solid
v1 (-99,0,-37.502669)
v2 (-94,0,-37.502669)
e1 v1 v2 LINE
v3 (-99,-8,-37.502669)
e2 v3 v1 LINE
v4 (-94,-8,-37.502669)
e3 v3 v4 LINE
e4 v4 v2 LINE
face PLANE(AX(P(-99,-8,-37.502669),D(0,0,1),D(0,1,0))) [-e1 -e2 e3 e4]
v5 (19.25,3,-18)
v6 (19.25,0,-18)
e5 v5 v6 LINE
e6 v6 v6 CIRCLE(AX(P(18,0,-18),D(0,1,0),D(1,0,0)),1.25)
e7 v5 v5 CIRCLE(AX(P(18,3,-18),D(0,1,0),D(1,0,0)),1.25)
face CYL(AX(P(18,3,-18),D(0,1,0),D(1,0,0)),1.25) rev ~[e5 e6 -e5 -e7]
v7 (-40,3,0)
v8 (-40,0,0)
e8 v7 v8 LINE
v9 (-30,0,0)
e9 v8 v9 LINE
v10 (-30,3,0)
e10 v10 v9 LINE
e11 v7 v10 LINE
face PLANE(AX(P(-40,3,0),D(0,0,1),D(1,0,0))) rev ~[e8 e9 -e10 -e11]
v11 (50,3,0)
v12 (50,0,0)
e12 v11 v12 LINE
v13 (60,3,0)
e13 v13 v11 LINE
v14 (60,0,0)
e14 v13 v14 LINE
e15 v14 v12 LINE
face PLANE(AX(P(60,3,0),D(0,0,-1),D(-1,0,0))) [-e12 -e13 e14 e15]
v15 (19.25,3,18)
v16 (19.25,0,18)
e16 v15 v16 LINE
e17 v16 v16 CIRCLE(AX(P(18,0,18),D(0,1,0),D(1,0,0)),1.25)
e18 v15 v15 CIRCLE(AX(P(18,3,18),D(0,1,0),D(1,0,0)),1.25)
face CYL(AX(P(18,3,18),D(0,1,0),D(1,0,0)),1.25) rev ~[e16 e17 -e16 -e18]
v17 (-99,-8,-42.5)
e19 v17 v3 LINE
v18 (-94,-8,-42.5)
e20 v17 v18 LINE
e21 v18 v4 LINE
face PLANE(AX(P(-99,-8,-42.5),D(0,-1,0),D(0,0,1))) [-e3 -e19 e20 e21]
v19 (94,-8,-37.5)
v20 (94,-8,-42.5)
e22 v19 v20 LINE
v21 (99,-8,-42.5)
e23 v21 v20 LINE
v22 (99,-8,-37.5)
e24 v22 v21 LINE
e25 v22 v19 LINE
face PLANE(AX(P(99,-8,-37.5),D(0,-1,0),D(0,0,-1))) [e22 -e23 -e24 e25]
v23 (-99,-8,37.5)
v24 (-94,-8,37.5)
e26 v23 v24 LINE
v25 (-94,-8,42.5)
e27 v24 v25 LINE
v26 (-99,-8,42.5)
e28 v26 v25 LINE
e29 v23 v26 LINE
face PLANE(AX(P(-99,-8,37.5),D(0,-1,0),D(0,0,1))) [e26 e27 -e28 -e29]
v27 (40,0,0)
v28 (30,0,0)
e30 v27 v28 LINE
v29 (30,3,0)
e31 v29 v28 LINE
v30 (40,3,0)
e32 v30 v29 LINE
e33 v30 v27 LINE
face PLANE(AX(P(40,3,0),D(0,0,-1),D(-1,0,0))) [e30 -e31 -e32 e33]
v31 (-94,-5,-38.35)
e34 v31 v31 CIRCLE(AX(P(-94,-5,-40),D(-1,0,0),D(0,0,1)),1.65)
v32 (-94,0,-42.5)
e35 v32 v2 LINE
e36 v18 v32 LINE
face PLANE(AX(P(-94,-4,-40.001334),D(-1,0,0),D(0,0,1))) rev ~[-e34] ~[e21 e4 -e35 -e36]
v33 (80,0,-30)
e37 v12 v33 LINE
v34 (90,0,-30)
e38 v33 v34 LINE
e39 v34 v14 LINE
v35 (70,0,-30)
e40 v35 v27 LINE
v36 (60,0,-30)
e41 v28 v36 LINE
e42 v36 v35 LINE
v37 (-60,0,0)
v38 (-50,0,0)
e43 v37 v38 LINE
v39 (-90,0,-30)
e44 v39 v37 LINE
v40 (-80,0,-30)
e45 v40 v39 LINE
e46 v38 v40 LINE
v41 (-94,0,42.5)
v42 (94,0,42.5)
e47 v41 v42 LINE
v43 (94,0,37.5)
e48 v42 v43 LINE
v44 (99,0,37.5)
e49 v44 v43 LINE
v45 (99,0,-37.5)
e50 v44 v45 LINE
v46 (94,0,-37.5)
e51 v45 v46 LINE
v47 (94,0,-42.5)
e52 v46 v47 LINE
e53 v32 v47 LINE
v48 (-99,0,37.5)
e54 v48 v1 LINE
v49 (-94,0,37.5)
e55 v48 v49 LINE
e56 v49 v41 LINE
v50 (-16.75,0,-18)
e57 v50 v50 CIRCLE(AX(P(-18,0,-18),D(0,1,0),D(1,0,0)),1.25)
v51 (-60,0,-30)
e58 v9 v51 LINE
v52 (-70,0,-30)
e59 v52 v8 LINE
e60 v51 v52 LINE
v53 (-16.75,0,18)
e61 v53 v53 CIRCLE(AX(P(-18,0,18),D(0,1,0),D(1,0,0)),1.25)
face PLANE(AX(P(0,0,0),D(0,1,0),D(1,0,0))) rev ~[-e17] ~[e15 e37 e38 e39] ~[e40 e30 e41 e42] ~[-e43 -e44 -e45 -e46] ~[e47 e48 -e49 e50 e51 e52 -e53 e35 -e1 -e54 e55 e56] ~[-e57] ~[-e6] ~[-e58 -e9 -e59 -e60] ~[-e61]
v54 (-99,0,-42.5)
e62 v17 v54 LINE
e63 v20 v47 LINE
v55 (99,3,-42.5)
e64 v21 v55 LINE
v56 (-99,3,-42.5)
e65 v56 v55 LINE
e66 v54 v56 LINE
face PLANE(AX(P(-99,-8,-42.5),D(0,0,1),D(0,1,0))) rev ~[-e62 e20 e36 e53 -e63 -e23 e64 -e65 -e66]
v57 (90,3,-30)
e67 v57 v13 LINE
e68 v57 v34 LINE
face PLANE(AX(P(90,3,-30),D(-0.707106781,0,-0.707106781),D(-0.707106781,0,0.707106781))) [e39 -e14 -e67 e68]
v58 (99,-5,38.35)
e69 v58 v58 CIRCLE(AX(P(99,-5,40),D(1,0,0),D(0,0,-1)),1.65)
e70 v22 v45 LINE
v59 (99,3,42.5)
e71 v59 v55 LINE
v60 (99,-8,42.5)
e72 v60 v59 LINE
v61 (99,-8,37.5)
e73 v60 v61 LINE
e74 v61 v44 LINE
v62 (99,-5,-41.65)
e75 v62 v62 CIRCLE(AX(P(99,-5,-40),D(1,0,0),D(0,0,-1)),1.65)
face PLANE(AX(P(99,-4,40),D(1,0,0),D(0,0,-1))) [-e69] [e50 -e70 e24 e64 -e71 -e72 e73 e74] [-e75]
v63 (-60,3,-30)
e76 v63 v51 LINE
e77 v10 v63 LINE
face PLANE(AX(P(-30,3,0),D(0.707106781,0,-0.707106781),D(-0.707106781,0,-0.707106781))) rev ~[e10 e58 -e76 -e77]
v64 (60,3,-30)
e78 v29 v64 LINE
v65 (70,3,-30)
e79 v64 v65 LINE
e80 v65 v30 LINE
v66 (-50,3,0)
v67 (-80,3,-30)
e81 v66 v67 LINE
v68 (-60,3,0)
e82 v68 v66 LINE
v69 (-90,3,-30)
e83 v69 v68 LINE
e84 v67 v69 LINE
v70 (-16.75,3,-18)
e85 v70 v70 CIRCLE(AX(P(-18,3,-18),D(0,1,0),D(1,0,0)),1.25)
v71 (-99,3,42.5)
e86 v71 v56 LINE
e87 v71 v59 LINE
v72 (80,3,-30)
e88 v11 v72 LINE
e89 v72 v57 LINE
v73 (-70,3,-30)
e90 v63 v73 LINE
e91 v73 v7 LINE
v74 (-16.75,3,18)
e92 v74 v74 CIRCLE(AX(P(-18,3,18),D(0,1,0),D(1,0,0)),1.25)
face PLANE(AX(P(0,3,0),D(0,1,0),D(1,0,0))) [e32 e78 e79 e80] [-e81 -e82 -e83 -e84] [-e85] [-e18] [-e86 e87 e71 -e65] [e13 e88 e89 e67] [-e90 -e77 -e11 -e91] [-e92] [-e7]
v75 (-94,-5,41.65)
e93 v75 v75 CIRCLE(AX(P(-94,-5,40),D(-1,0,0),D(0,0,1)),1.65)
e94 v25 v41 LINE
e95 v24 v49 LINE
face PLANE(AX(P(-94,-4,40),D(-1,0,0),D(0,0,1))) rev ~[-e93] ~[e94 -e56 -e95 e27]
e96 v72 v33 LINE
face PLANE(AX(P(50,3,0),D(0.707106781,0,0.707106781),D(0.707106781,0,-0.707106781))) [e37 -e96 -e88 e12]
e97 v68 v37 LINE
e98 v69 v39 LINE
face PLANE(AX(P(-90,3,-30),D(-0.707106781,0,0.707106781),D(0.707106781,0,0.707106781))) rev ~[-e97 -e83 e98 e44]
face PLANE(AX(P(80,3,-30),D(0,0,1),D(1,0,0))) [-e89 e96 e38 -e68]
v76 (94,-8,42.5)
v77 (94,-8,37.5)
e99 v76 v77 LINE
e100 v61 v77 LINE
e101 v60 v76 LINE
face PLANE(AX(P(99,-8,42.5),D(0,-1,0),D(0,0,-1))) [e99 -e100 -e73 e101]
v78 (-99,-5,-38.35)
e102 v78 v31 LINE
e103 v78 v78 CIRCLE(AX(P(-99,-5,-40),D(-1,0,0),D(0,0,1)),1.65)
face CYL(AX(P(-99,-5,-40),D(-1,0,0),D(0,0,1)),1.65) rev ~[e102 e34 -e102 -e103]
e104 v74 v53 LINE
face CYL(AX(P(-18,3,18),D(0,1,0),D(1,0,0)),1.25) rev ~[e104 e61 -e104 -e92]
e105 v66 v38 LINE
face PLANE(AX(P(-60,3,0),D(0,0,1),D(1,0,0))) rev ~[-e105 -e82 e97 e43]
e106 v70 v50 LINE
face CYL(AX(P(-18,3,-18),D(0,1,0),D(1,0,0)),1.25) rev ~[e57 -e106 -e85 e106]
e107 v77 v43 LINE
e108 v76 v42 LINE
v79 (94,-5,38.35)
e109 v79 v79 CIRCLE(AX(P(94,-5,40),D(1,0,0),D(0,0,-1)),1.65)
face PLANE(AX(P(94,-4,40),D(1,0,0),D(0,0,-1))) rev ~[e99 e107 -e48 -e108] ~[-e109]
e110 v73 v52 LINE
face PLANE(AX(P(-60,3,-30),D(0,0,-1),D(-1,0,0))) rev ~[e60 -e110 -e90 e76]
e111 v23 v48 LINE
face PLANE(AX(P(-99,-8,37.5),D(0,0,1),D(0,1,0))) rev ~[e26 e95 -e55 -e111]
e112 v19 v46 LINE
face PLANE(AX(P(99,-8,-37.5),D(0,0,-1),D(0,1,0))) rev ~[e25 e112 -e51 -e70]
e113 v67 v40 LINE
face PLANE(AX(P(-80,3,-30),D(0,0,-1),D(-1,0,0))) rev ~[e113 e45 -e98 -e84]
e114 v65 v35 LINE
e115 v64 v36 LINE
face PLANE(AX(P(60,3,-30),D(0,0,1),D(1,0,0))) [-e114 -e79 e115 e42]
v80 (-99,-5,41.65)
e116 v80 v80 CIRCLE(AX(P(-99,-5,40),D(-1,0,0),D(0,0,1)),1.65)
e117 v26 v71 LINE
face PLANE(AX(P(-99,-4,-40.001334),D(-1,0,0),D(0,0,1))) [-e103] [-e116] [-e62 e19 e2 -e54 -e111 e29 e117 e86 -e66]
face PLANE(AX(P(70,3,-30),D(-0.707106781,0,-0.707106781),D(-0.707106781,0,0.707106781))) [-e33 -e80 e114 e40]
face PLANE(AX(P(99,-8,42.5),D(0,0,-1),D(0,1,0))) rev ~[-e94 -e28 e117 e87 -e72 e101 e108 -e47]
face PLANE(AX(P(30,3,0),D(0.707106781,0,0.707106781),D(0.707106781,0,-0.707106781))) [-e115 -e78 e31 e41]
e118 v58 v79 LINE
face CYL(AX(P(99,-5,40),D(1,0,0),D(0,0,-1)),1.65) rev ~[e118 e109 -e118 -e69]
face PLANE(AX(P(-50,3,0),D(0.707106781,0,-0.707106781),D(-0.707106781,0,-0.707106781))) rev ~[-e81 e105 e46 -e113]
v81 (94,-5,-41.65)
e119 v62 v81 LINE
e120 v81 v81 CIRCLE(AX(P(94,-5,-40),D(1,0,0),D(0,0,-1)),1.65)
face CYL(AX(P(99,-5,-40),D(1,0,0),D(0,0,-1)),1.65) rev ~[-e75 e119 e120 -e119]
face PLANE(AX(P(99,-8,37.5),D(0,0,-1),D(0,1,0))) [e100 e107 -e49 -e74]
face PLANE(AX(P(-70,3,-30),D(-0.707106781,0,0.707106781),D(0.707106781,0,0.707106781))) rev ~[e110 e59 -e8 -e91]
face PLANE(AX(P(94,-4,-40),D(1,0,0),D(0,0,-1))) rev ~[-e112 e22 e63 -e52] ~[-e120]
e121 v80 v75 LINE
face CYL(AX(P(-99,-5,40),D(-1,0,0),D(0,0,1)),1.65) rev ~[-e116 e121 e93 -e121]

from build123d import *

# Parameters (mm, degrees)
SKETCH_1_W          = 198
SKETCH_1_H          = 85
EXTRUDE_1_DEPTH     = 3
SKETCH_3_W          = 4.997331483
SKETCH_3_H          = 8
SKETCH_3_R          = 1.65
SKETCH_3_W_2        = 5
EXTRUDE_2_DEPTH     = 5
SKETCH_4_W          = 5
SKETCH_4_H          = 8
SKETCH_4_R          = 1.65
EXTRUDE_3_DEPTH     = 5
SKETCH_5_R          = 1.25
CUT_EXTRUDE_1_DEPTH = 10
CUT_EXTRUDE_2_DEPTH = 3


with BuildPart() as part:
    # 草图1 → 凸台-拉伸1 (new body)
    with BuildSketch(Plane(origin=(0, 0, 0), x_dir=(1, 0, 0), z_dir=(0, 1, 0))):
        Rectangle(SKETCH_1_W, SKETCH_1_H)
    extrude(amount=EXTRUDE_1_DEPTH)

    # 草图3 → 凸台-拉伸2 (add)
    with BuildSketch(Plane.ZY.offset(99)):
        with Locations((-40.001334259, -4)):
            Rectangle(SKETCH_3_W, SKETCH_3_H)
        with Locations((-40, -5)):
            Circle(SKETCH_3_R, mode=Mode.SUBTRACT)
        with Locations((40, -4)):
            Rectangle(SKETCH_3_W_2, SKETCH_3_H)
        with Locations((40, -5)):
            Circle(SKETCH_3_R, mode=Mode.SUBTRACT)
    extrude(amount=-EXTRUDE_2_DEPTH)

    # 草图4 → 凸台-拉伸3 (add)
    with BuildSketch(Plane(origin=(99, 0, 0), x_dir=(0, 0, -1), z_dir=(1, 0, 0))):
        with Locations((-40, -4)):
            Rectangle(SKETCH_4_W, SKETCH_4_H)
        with Locations((-40, -5)):
            Circle(SKETCH_4_R, mode=Mode.SUBTRACT)
        with Locations((40, -4)):
            Rectangle(SKETCH_4_W, SKETCH_4_H)
        with Locations((40, -5)):
            Circle(SKETCH_4_R, mode=Mode.SUBTRACT)
    extrude(amount=-EXTRUDE_3_DEPTH)

    # 草图5 → 切除-拉伸1 (cut)
    with BuildSketch(Plane(origin=(0, 3, 0), x_dir=(1, 0, 0), z_dir=(0, 1, 0))):
        with Locations((-18, 18)):
            Circle(SKETCH_5_R)
        with Locations((-18, -18)):
            Circle(SKETCH_5_R)
        with Locations((18, -18)):
            Circle(SKETCH_5_R)
        with Locations((18, 18)):
            Circle(SKETCH_5_R)
    extrude(amount=-CUT_EXTRUDE_1_DEPTH, mode=Mode.SUBTRACT)

    # 草图6 → 切除-拉伸2 (cut)
    with BuildSketch(Plane(origin=(0, 3, 0), x_dir=(1, 0, 0), z_dir=(0, 1, 0))):
        Polygon((60, 30), (70, 30), (40, 0), (30, 0), align=None)
        Polygon((-40, 0), (-30, 0), (-60, 30), (-70, 30), align=None)
        Polygon((-60, 0), (-50, 0), (-80, 30), (-90, 30), align=None)
        Polygon((80, 30), (90, 30), (60, 0), (50, 0), align=None)
    extrude(amount=-CUT_EXTRUDE_2_DEPTH, mode=Mode.SUBTRACT)


solid = part.part
